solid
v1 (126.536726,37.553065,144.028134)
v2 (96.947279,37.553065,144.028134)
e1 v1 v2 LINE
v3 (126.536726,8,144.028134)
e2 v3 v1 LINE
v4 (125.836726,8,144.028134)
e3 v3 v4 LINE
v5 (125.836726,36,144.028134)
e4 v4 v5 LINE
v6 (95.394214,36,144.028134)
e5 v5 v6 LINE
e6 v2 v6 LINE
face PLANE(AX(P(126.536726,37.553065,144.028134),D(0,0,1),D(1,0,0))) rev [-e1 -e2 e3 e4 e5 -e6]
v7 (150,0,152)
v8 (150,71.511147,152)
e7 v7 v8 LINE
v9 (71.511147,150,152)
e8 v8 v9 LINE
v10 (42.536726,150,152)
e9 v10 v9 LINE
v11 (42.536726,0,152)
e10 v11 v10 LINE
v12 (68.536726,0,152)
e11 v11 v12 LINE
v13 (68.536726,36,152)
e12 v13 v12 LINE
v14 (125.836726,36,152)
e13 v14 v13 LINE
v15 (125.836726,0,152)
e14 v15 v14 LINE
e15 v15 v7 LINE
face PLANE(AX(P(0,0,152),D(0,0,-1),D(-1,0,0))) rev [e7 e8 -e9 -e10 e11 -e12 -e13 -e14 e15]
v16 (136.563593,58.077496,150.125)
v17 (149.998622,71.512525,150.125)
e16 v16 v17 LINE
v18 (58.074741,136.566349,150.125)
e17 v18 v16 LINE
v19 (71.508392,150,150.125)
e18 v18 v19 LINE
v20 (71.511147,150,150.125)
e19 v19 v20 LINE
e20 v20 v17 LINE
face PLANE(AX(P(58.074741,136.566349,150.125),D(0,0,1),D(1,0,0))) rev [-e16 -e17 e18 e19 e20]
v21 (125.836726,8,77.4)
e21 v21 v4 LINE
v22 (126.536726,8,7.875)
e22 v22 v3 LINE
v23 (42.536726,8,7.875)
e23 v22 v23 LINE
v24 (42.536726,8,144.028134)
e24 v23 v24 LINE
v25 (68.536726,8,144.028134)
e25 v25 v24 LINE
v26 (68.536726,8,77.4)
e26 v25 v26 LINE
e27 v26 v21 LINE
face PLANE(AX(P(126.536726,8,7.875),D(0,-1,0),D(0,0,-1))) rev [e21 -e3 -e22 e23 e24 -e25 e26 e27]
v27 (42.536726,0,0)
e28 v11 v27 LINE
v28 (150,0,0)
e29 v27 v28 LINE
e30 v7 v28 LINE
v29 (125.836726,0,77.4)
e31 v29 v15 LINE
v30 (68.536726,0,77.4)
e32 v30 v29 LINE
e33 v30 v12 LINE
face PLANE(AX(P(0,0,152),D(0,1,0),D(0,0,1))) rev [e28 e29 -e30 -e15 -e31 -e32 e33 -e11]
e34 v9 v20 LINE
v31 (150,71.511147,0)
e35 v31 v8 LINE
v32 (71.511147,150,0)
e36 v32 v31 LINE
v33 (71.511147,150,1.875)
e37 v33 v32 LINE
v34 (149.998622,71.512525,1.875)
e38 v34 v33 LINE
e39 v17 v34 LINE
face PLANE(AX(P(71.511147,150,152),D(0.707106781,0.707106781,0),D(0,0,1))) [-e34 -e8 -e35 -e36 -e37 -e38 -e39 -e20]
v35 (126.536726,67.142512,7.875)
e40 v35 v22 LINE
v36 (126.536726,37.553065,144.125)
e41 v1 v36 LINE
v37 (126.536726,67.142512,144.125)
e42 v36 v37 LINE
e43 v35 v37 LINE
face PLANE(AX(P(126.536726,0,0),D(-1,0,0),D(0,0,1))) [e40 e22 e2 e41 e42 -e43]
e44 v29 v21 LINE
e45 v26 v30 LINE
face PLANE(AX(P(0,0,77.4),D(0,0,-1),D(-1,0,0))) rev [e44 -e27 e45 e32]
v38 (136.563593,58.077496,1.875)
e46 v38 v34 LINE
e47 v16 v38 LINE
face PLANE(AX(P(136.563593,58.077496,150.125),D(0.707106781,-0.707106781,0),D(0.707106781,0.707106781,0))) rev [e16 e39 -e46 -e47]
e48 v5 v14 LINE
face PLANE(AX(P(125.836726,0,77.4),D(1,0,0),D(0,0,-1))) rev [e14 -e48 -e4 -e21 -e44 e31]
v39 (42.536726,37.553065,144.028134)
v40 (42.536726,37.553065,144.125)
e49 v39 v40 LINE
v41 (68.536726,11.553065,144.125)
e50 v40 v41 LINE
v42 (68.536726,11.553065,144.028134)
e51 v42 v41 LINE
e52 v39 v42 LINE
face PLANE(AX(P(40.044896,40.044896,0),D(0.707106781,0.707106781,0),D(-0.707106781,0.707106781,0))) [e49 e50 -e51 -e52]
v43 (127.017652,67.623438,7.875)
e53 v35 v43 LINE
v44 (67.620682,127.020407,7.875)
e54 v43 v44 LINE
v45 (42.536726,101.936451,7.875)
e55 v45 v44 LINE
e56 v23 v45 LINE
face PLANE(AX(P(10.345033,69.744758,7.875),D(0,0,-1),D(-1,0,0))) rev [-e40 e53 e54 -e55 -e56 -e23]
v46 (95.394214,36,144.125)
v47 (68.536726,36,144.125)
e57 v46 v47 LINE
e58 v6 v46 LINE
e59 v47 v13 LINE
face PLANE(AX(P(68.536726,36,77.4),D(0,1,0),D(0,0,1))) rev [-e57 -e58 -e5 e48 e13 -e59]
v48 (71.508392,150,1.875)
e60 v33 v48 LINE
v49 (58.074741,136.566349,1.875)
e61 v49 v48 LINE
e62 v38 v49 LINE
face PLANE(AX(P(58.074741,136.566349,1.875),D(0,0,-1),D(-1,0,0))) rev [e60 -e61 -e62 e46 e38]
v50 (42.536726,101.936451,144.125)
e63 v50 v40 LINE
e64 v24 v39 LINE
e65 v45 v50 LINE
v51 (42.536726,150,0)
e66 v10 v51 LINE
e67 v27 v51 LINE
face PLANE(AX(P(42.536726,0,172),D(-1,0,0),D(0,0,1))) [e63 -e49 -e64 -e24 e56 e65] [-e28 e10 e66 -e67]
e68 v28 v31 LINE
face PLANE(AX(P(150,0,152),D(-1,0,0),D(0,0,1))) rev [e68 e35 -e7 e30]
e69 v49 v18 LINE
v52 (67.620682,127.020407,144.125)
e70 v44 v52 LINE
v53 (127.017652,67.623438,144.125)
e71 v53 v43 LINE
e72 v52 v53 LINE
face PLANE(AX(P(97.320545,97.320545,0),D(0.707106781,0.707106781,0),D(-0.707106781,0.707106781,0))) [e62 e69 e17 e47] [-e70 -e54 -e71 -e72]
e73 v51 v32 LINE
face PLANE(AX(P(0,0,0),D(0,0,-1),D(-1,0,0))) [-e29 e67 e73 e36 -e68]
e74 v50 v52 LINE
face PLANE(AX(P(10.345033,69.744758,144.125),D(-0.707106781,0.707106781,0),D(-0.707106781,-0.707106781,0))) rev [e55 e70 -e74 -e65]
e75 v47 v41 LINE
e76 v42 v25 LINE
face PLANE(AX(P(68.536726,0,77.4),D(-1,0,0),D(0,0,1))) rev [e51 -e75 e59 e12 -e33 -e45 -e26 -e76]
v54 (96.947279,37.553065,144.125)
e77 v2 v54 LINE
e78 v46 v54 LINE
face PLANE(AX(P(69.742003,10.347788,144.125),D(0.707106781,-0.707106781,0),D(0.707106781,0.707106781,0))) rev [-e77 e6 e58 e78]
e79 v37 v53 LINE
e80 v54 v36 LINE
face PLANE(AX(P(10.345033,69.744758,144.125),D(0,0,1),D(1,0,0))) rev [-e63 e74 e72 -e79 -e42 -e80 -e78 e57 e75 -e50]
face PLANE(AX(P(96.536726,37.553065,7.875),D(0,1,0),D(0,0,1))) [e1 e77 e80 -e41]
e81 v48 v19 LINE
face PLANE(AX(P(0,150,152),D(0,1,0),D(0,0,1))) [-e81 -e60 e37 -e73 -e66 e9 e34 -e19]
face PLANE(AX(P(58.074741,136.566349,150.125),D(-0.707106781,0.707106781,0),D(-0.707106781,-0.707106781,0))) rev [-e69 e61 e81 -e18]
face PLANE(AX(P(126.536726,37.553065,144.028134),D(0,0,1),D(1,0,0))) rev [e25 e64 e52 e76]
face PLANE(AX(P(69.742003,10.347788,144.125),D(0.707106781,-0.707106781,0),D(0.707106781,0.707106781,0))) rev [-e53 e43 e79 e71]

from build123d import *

# Parameters (mm, degrees)
SKETCH1_W               = 150
SKETCH1_H               = 150
BOSS_EXTRUDE2_DEPTH     = 152
CHAMFER1_SIZE           = 78.48885271
SKETCH4_W               = 148.25
SKETCH4_H               = 111
CUT_EXTRUDE5_DEPTH      = 19
SKETCH5_W               = 136.25
SKETCH5_H               = 84
CUT_EXTRUDE6_DEPTH      = 81
CUT_EXTRUDE7_DEPTH      = 20
CUT_EXTRUDE7_DEPTH_BACK = 153
SKETCH6_W               = 42.53672634
SKETCH6_H               = 150
SKETCH7_W               = 136.153133976
SKETCH7_H               = 29.553064713
CUT_EXTRUDE8_DEPTH      = 84
SKETCH8_W               = 136.25
SKETCH8_H               = 30.070372941
CUT_EXTRUDE9_DEPTH      = 30
SKETCH9_W               = 57.3
SKETCH9_H               = 36
CUT_EXTRUDE10_DEPTH     = 74.6


with BuildPart() as part:
    # Sketch1 → Boss-Extrude2 (new body)
    with BuildSketch(Plane.XY):
        with Locations((75, 75)):
            Rectangle(SKETCH1_W, SKETCH1_H)
    extrude(amount=BOSS_EXTRUDE2_DEPTH)

    # Chamfer1
    chamfer1_edges = [part.edges().sort_by_distance(p)[0] for p in [
        (150, 150, 76),
    ]]
    chamfer(chamfer1_edges, length=CHAMFER1_SIZE)

    # Sketch4 → Cut-Extrude5 (cut)
    with BuildSketch(Plane(origin=(110.755573645, 110.755573645, 0), x_dir=(0, 0, -1), z_dir=(0.7071067811865489, 0.7071067811865461, 0))):
        with Locations((-76, 0.001948307)):
            Rectangle(SKETCH4_W, SKETCH4_H)
    extrude(amount=-CUT_EXTRUDE5_DEPTH, mode=Mode.SUBTRACT)

    # Sketch5 → Cut-Extrude6 (cut)
    with BuildSketch(Plane(origin=(97.320544802, 97.320544802, 0), x_dir=(0, 0, -1), z_dir=(0.707106781186549, 0.707106781186546, 0))):
        with Locations((-76, 0.001948307)):
            Rectangle(SKETCH5_W, SKETCH5_H)
    extrude(amount=-CUT_EXTRUDE6_DEPTH, mode=Mode.SUBTRACT)

    # Sketch6 → Cut-Extrude7 (cut, two sides: drawn at the far end of the back side and taken through both)
    with BuildSketch(Plane.XY.offset(152).offset(-CUT_EXTRUDE7_DEPTH_BACK)):
        with Locations((21.26836317, 75)):
            Rectangle(SKETCH6_W, SKETCH6_H)
    extrude(amount=CUT_EXTRUDE7_DEPTH + CUT_EXTRUDE7_DEPTH_BACK, mode=Mode.SUBTRACT)

    # Sketch7 → Cut-Extrude8 (cut)
    with BuildSketch(Plane.ZY.offset(-42.53672634)):
        with Locations((75.951566988, 22.776532357)):
            Rectangle(SKETCH7_W, SKETCH7_H)
    extrude(amount=-CUT_EXTRUDE8_DEPTH, mode=Mode.SUBTRACT)

    # Sketch8 → Cut-Extrude9 (cut)
    with BuildSketch(Plane.ZY.offset(-126.53672634)):
        with Locations((76, 52.588251184)):
            Rectangle(SKETCH8_W, SKETCH8_H)
    extrude(amount=CUT_EXTRUDE9_DEPTH, mode=Mode.SUBTRACT)

    # Sketch9 → Cut-Extrude10 (cut)
    with BuildSketch(Plane.XY.offset(152)):
        with Locations((97.18672634, 18)):
            Rectangle(SKETCH9_W, SKETCH9_H)
    extrude(amount=-CUT_EXTRUDE10_DEPTH, mode=Mode.SUBTRACT)


solid = part.part
